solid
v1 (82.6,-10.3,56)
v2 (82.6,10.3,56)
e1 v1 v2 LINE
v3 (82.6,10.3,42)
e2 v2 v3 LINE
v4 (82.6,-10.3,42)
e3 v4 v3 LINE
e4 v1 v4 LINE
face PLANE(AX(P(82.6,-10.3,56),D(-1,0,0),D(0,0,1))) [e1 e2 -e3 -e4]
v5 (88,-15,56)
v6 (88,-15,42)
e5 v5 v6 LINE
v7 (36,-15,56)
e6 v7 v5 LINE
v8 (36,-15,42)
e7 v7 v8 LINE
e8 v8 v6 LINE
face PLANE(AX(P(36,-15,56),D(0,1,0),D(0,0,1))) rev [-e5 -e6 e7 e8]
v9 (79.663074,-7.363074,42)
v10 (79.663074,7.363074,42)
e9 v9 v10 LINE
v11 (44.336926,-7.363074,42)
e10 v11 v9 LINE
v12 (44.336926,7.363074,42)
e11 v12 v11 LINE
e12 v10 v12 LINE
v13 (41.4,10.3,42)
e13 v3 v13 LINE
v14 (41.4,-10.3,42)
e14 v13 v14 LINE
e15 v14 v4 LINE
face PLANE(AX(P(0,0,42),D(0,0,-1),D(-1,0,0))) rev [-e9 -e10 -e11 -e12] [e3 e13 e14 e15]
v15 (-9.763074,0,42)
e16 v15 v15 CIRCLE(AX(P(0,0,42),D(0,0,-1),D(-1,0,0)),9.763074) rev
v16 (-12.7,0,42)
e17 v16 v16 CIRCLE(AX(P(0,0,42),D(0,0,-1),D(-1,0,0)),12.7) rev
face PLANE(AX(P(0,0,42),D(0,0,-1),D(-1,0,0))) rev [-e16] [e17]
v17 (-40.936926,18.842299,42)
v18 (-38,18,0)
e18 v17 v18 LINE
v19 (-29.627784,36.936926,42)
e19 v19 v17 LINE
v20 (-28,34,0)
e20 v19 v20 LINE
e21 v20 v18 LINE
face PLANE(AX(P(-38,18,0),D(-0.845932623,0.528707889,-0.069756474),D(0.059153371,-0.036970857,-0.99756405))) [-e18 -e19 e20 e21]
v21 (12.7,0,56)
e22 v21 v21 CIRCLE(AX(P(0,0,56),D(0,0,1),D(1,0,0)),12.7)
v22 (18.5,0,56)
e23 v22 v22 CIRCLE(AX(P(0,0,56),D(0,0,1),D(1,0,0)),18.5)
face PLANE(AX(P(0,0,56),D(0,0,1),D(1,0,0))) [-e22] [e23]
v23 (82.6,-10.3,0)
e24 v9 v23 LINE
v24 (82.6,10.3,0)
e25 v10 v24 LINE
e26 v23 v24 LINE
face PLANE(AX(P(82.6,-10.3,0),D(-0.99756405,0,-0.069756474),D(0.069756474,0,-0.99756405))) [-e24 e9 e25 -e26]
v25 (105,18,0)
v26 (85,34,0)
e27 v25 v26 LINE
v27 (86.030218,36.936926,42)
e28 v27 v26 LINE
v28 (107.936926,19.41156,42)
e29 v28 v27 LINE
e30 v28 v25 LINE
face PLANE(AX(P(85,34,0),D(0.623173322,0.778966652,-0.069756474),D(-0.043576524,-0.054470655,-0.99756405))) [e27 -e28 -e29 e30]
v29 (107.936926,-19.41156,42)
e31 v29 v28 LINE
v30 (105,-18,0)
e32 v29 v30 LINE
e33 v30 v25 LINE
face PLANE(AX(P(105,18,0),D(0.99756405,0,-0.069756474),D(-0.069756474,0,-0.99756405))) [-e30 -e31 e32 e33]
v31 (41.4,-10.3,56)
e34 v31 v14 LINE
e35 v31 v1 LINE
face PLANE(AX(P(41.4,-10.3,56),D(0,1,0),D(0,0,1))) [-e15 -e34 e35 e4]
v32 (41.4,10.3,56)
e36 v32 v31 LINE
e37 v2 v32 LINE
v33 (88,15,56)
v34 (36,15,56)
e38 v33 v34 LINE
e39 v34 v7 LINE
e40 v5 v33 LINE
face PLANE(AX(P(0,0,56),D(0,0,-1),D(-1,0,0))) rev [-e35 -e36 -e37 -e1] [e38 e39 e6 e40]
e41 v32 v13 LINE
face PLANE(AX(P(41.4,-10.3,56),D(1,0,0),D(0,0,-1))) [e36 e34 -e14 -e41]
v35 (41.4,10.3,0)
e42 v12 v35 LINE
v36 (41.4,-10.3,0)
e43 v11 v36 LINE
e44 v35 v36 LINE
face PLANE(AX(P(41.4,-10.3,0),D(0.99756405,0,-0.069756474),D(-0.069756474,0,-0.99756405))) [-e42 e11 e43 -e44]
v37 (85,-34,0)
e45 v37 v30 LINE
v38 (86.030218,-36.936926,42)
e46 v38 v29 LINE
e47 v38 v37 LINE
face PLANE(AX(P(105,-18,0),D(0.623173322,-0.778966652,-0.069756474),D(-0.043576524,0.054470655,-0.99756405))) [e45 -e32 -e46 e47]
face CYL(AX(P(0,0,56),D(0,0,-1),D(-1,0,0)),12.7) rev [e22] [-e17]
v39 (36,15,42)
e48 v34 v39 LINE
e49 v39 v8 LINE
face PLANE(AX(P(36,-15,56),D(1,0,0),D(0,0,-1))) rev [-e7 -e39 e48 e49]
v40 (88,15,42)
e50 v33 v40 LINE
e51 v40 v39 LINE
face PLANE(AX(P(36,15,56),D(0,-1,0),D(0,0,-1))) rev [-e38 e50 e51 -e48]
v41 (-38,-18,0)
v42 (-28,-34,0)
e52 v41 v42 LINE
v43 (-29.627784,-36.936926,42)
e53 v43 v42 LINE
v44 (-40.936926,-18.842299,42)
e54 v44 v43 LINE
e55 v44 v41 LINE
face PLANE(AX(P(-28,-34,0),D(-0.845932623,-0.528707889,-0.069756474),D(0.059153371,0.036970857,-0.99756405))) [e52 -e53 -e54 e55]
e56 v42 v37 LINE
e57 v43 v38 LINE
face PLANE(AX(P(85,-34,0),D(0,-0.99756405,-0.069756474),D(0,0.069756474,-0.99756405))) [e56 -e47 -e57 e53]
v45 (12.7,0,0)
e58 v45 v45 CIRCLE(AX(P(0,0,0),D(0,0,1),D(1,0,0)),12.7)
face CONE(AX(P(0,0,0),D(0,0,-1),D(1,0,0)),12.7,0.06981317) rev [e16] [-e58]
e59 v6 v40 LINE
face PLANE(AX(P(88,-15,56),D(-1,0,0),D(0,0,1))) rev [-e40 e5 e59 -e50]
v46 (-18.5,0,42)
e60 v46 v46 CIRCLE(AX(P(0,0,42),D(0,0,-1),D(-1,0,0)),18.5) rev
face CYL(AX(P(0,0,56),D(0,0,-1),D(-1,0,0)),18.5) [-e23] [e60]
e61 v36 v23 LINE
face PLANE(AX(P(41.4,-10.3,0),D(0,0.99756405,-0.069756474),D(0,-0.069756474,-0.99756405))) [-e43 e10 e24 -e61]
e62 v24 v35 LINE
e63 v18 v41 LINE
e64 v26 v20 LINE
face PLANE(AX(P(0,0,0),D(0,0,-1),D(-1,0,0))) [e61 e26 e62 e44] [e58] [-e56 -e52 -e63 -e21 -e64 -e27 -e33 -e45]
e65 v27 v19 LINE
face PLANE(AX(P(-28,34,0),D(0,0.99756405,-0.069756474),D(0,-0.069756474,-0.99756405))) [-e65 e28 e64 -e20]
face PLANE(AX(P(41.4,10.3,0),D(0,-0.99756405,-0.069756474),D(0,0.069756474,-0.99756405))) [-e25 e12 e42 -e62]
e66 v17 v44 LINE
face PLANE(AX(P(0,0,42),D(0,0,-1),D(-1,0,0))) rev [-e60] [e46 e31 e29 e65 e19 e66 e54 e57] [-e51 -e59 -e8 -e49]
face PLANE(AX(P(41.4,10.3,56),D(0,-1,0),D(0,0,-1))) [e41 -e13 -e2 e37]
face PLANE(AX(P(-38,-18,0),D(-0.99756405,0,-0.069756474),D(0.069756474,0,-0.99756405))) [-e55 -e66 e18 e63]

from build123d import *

# Parameters (mm, degrees)
SKETCH1_R           = 12.7
SKETCH1_W           = 41.2
SKETCH1_H           = 20.6
BOSS_EXTRUDE1_DEPTH = 42
BOSS_EXTRUDE1_DRAFT = -4
SKETCH2_R           = 18.5
SKETCH2_R_2         = 12.7
SKETCH2_W           = 52
SKETCH2_H           = 30
SKETCH2_W_2         = 41.2
SKETCH2_H_2         = 20.6
BOSS_EXTRUDE2_DEPTH = 56


with BuildPart() as part:
    # Sketch1 → Boss-Extrude1 (with draft: the straight prism first)
    with BuildSketch(Plane.XY):
        Polygon((-28, 34), (-38, 18), (-38, -18), (-28, -34), (85, -34), (105, -18), (105, 18), (85, 34), align=None)
        Circle(SKETCH1_R, mode=Mode.SUBTRACT)
        with Locations((62, 0)):
            Rectangle(SKETCH1_W, SKETCH1_H, mode=Mode.SUBTRACT)
    extrude(amount=BOSS_EXTRUDE1_DEPTH)
    # Boss-Extrude1: the draft: its side faces are tilted about the plane it starts from
    boss_extrude1_sides = [part.faces().sort_by_distance(p)[0] for p in [
        (-33, 26, 21),
        (-38, 0, 21),
        (-33, -26, 21),
        (28.5, -34, 21),
        (95, -26, 21),
        (105, 0, 21),
        (95, 26, 21),
        (28.5, 34, 21),
        (-12.7, 0, 21),
        (41.4, 0, 21),
        (62, 10.3, 21),
        (82.6, 0, 21),
        (62, -10.3, 21),
    ]]
    draft(boss_extrude1_sides, Plane.XY, BOSS_EXTRUDE1_DRAFT)

    # Sketch2 → Boss-Extrude2 (add)
    # profile 1 of 2: a face of its own
    with BuildSketch(Plane.XY):
        with Locations(Location((0, 0, 0), (0, 0, 180))):
            Circle(SKETCH2_R)
        with Locations(Location((0, 0, 0), (0, 0, 180))):
            Circle(SKETCH2_R_2, mode=Mode.SUBTRACT)
    # profile 2 of 2: a face of its own
    with BuildSketch(Plane.XY):
        with Locations((62, 0)):
            Rectangle(SKETCH2_W, SKETCH2_H)
        with Locations((62, 0)):
            Rectangle(SKETCH2_W_2, SKETCH2_H_2, mode=Mode.SUBTRACT)
    extrude(amount=BOSS_EXTRUDE2_DEPTH)


solid = part.part
